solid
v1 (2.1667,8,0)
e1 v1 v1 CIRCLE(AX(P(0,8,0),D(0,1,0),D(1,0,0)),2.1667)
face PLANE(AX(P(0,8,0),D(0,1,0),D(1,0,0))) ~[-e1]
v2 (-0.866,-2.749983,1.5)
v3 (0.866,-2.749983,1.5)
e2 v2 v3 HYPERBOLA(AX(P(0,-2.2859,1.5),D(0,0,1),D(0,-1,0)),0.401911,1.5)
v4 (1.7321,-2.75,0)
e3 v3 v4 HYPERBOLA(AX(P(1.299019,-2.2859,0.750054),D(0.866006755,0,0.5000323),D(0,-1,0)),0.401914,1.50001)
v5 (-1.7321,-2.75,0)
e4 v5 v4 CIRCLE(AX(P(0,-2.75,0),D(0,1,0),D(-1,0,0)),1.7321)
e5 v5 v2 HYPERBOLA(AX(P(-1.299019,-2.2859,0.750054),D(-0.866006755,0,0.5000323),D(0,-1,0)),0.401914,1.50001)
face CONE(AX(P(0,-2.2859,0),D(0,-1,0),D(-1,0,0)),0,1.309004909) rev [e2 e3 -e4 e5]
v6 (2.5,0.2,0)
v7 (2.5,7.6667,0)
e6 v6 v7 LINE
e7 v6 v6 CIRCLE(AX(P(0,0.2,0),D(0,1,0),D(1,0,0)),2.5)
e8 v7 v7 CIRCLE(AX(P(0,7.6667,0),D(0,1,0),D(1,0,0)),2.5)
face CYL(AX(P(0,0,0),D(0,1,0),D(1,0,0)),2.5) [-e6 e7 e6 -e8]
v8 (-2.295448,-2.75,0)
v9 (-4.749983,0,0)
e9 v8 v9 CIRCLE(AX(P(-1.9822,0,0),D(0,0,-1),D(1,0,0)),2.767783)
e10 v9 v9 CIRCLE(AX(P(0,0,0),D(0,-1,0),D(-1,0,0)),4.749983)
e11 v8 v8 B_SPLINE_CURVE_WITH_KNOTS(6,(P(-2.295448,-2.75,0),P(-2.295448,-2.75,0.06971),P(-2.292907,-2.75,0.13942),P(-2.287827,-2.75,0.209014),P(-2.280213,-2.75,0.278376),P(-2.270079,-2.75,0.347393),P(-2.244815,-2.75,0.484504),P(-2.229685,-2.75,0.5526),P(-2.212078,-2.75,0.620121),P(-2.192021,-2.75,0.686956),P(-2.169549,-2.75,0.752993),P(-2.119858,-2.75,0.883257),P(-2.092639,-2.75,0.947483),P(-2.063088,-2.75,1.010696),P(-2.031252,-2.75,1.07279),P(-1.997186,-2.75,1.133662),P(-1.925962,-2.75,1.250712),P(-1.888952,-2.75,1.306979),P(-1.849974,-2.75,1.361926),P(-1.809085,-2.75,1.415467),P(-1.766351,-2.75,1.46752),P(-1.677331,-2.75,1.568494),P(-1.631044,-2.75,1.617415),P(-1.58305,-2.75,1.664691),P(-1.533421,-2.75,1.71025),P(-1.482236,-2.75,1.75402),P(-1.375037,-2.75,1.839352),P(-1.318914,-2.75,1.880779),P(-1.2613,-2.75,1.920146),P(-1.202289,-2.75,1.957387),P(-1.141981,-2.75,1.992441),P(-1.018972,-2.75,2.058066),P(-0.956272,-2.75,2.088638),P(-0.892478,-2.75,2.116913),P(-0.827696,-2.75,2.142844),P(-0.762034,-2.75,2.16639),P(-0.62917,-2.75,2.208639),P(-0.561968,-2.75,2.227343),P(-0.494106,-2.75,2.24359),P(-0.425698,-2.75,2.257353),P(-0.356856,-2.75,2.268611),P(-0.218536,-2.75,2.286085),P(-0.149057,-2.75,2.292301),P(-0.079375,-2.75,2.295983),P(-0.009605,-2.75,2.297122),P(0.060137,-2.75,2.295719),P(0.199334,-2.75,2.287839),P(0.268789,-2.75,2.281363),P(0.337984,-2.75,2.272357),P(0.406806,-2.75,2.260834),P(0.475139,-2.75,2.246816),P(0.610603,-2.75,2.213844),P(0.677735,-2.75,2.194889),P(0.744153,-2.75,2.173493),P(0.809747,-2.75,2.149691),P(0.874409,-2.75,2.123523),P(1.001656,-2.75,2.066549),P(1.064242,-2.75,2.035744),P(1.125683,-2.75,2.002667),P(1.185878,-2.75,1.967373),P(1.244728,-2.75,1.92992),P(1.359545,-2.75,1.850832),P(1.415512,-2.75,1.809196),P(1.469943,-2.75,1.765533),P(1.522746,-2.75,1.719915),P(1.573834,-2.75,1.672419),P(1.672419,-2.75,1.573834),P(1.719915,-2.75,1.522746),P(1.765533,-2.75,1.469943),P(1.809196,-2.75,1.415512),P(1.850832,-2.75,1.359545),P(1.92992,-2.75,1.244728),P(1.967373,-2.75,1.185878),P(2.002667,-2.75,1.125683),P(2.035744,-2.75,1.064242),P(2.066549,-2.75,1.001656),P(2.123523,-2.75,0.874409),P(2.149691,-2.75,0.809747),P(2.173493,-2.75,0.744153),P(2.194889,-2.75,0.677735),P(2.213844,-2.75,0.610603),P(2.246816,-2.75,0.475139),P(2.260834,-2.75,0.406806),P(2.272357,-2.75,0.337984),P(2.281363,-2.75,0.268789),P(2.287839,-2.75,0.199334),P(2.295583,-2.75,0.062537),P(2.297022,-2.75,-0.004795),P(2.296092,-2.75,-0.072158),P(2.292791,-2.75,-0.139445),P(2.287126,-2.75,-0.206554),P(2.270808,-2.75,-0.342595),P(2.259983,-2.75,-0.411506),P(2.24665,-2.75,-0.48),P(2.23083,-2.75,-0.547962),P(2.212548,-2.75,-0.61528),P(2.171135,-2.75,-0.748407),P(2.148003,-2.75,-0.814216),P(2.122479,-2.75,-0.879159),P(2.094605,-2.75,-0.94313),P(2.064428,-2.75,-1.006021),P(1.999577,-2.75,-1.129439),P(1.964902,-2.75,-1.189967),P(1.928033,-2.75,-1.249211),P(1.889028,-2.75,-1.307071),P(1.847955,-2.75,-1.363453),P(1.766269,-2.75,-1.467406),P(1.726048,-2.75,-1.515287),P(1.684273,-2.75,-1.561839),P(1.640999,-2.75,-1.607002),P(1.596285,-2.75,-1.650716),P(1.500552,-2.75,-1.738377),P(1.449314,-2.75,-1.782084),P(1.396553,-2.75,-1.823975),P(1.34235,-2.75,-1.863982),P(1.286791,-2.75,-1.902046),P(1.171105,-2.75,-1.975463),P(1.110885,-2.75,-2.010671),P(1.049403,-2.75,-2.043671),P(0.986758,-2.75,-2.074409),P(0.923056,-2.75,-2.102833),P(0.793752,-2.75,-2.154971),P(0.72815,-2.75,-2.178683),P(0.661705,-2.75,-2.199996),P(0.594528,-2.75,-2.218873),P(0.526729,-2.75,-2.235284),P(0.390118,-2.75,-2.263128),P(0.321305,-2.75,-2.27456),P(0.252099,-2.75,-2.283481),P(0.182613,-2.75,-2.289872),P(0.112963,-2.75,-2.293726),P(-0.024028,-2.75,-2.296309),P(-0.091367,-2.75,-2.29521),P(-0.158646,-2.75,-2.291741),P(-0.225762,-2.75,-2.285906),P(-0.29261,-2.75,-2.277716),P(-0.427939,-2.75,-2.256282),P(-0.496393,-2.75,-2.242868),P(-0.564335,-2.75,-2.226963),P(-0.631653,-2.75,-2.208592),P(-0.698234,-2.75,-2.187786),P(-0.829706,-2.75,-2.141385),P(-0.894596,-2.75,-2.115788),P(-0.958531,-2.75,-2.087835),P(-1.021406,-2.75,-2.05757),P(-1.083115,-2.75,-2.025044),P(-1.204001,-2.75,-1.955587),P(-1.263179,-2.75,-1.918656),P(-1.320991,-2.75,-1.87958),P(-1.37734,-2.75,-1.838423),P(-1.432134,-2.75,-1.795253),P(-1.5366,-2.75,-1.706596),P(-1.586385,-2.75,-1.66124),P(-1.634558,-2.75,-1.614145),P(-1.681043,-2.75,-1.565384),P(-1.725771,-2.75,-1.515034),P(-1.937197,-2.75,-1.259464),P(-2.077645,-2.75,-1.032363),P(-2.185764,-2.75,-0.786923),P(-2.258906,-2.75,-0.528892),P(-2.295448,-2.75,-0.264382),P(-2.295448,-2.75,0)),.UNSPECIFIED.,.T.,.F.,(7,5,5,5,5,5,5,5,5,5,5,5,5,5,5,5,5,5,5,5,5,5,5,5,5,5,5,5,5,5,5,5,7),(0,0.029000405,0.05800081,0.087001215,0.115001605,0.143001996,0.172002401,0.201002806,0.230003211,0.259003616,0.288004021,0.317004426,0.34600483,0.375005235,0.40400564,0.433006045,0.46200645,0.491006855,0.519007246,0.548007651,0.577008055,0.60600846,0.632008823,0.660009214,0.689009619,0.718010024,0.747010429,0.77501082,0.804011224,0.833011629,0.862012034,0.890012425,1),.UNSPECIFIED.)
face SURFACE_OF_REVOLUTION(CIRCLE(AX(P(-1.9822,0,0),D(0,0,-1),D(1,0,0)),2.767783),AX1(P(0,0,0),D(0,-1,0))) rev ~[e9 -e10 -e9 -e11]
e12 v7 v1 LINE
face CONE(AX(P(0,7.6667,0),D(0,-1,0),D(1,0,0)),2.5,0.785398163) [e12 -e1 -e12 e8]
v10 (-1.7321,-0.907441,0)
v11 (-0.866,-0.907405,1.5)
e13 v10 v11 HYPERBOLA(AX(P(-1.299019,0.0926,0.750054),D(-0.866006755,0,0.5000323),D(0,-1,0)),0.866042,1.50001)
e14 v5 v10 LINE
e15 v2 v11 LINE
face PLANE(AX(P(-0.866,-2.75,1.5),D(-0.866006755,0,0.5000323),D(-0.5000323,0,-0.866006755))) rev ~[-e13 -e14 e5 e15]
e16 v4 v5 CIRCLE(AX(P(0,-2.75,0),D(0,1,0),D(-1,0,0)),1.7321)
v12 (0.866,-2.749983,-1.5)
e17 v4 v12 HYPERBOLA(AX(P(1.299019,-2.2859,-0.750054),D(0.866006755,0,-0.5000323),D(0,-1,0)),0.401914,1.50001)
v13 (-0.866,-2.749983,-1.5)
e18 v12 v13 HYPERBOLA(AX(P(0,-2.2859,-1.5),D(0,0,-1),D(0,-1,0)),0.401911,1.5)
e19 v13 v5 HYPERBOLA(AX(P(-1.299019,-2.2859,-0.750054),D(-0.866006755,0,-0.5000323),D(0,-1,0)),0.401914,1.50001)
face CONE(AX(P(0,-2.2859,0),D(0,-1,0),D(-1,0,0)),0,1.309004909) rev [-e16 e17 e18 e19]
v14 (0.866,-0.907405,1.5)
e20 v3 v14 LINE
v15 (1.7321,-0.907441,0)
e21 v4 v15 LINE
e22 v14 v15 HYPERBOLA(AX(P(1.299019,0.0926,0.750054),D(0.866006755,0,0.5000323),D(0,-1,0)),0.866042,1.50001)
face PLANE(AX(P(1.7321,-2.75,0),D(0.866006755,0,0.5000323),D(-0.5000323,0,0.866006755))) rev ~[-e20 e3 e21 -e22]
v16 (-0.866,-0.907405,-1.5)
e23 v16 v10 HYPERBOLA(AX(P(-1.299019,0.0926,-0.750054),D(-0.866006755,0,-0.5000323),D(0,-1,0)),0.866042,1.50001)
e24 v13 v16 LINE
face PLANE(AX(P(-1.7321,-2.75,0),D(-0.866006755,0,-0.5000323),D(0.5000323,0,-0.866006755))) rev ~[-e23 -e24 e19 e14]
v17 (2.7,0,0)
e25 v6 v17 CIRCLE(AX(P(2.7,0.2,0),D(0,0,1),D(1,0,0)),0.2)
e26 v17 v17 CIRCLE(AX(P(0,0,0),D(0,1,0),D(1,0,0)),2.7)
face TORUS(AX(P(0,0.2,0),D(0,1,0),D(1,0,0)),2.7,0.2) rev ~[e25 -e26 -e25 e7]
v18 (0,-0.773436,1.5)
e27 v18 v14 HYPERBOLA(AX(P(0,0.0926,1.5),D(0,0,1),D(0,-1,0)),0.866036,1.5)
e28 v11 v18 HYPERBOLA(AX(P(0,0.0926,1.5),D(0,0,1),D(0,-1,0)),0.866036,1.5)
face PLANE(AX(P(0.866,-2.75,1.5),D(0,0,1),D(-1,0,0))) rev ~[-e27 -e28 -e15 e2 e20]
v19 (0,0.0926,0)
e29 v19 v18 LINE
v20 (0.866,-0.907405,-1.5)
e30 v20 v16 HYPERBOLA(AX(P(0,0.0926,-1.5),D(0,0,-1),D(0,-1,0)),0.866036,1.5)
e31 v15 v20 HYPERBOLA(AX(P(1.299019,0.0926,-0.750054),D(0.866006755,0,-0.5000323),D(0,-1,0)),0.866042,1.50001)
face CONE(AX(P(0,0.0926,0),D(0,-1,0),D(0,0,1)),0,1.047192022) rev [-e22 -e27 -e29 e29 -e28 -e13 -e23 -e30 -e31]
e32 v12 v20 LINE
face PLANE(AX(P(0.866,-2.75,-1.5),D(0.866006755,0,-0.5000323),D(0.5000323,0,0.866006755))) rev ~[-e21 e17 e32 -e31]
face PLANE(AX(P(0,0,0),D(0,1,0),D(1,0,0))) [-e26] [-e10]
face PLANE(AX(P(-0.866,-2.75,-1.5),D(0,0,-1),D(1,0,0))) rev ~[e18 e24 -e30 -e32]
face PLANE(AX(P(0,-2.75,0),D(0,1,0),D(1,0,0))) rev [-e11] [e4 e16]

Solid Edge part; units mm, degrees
sketch "Sketch1" plane through (0, 0, 0) normal (0, 0, 1) x (1, 0, 0)
  line L0 (2.5, 0) -> (2.5, 8)
  line L1 (0, 8) -> (2.5, 8)
  line L2 (0, 0) -> (0, 8)
  line L3 (0, 0) -> (0, -2.75)
  line L4 (0, -2.75) -> (4.75, -2.75)
  line L5 (4.75, -2.75) -> (4.75, 0)
  line L6 (4.75, 0) -> (2.5, 0)
revolve "RevolvedProtrusion1" add sketch "Sketch1" angle 360 about axis through (0, 0, 0) along (0, 1, 0)
sketch "Sketch2" plane through (0, 0, 0) normal (1, 0, 0) x (0, 1, 0)
  line L0 (-2.75, 2.2215) -> (-1.19, 2.2215)
  line L1 (0.0926, 0) -> (-1.19, 2.2215)
  line L2 (-2.75, 0) -> (0.0926, 0)
  line L3 (-2.75, 0) -> (-2.75, 2.2215)
revolve "RevolvedCutout1" cut sketch "Sketch2" angle 360 about axis through (0, -4.5, 0) along (0, 1, 0)
sketch "Sketch3" plane through (0, -2.75, 0) normal (0, -1, 0) x (0, 0, 1)
  circle A0 centre (0, 0) radius 2.2215
  line L0 (-1.5, -0.866) -> (0, -1.7321)
  line L1 (0, -1.7321) -> (1.5, -0.866)
  line L2 (1.5, -0.866) -> (1.5, 0.866)
  line L3 (1.5, 0.866) -> (0, 1.7321)
  line L4 (0, 1.7321) -> (-1.5, 0.866)
  line L5 (-1.5, 0.866) -> (-1.5, -0.866)
  dimension "D1" = 3
extrude "Protrusion1" add sketch "Sketch3" against normal up to next
sketch "Sketch4" plane through (0, 0, 0) normal (0, 0, 1) x (1, 0, 0)
  line L0 (-1.7321, -2.75) -> (0, -2.75)
  line L1 (0, -2.75) -> (0, -2.2859)
  line L2 (0, -2.2859) -> (-1.7321, -2.75)
revolve "RevolvedCutout2" cut sketch "Sketch4" angle 360 about axis through (0, -4.5, 0) along (0, 1, 0)
fillet "Round1" radius 0.2 1 edges at (0, 0, -2.5)
chamfer "倒斜角_2" distance 0.3333 angle 45 1 edges at (0, 8, -2.5)
cosmetic_thread "螺纹_3" size "M5" thread depth 6.4
sketch "Sketch5" plane through (0, 0, 0) normal (0, 0, 1) x (1, 0, 0)
  arc A0 (-2.2953, -2.75) -> (-4.75, 0) centre (-1.9822, 0) cw
revolve "RevolvedCutout3" cut sketch "Sketch5" angle 360 about axis through (0, 0, 0) along (0, -1, 0) material side at (-4.0844, -1.8764, 0)
